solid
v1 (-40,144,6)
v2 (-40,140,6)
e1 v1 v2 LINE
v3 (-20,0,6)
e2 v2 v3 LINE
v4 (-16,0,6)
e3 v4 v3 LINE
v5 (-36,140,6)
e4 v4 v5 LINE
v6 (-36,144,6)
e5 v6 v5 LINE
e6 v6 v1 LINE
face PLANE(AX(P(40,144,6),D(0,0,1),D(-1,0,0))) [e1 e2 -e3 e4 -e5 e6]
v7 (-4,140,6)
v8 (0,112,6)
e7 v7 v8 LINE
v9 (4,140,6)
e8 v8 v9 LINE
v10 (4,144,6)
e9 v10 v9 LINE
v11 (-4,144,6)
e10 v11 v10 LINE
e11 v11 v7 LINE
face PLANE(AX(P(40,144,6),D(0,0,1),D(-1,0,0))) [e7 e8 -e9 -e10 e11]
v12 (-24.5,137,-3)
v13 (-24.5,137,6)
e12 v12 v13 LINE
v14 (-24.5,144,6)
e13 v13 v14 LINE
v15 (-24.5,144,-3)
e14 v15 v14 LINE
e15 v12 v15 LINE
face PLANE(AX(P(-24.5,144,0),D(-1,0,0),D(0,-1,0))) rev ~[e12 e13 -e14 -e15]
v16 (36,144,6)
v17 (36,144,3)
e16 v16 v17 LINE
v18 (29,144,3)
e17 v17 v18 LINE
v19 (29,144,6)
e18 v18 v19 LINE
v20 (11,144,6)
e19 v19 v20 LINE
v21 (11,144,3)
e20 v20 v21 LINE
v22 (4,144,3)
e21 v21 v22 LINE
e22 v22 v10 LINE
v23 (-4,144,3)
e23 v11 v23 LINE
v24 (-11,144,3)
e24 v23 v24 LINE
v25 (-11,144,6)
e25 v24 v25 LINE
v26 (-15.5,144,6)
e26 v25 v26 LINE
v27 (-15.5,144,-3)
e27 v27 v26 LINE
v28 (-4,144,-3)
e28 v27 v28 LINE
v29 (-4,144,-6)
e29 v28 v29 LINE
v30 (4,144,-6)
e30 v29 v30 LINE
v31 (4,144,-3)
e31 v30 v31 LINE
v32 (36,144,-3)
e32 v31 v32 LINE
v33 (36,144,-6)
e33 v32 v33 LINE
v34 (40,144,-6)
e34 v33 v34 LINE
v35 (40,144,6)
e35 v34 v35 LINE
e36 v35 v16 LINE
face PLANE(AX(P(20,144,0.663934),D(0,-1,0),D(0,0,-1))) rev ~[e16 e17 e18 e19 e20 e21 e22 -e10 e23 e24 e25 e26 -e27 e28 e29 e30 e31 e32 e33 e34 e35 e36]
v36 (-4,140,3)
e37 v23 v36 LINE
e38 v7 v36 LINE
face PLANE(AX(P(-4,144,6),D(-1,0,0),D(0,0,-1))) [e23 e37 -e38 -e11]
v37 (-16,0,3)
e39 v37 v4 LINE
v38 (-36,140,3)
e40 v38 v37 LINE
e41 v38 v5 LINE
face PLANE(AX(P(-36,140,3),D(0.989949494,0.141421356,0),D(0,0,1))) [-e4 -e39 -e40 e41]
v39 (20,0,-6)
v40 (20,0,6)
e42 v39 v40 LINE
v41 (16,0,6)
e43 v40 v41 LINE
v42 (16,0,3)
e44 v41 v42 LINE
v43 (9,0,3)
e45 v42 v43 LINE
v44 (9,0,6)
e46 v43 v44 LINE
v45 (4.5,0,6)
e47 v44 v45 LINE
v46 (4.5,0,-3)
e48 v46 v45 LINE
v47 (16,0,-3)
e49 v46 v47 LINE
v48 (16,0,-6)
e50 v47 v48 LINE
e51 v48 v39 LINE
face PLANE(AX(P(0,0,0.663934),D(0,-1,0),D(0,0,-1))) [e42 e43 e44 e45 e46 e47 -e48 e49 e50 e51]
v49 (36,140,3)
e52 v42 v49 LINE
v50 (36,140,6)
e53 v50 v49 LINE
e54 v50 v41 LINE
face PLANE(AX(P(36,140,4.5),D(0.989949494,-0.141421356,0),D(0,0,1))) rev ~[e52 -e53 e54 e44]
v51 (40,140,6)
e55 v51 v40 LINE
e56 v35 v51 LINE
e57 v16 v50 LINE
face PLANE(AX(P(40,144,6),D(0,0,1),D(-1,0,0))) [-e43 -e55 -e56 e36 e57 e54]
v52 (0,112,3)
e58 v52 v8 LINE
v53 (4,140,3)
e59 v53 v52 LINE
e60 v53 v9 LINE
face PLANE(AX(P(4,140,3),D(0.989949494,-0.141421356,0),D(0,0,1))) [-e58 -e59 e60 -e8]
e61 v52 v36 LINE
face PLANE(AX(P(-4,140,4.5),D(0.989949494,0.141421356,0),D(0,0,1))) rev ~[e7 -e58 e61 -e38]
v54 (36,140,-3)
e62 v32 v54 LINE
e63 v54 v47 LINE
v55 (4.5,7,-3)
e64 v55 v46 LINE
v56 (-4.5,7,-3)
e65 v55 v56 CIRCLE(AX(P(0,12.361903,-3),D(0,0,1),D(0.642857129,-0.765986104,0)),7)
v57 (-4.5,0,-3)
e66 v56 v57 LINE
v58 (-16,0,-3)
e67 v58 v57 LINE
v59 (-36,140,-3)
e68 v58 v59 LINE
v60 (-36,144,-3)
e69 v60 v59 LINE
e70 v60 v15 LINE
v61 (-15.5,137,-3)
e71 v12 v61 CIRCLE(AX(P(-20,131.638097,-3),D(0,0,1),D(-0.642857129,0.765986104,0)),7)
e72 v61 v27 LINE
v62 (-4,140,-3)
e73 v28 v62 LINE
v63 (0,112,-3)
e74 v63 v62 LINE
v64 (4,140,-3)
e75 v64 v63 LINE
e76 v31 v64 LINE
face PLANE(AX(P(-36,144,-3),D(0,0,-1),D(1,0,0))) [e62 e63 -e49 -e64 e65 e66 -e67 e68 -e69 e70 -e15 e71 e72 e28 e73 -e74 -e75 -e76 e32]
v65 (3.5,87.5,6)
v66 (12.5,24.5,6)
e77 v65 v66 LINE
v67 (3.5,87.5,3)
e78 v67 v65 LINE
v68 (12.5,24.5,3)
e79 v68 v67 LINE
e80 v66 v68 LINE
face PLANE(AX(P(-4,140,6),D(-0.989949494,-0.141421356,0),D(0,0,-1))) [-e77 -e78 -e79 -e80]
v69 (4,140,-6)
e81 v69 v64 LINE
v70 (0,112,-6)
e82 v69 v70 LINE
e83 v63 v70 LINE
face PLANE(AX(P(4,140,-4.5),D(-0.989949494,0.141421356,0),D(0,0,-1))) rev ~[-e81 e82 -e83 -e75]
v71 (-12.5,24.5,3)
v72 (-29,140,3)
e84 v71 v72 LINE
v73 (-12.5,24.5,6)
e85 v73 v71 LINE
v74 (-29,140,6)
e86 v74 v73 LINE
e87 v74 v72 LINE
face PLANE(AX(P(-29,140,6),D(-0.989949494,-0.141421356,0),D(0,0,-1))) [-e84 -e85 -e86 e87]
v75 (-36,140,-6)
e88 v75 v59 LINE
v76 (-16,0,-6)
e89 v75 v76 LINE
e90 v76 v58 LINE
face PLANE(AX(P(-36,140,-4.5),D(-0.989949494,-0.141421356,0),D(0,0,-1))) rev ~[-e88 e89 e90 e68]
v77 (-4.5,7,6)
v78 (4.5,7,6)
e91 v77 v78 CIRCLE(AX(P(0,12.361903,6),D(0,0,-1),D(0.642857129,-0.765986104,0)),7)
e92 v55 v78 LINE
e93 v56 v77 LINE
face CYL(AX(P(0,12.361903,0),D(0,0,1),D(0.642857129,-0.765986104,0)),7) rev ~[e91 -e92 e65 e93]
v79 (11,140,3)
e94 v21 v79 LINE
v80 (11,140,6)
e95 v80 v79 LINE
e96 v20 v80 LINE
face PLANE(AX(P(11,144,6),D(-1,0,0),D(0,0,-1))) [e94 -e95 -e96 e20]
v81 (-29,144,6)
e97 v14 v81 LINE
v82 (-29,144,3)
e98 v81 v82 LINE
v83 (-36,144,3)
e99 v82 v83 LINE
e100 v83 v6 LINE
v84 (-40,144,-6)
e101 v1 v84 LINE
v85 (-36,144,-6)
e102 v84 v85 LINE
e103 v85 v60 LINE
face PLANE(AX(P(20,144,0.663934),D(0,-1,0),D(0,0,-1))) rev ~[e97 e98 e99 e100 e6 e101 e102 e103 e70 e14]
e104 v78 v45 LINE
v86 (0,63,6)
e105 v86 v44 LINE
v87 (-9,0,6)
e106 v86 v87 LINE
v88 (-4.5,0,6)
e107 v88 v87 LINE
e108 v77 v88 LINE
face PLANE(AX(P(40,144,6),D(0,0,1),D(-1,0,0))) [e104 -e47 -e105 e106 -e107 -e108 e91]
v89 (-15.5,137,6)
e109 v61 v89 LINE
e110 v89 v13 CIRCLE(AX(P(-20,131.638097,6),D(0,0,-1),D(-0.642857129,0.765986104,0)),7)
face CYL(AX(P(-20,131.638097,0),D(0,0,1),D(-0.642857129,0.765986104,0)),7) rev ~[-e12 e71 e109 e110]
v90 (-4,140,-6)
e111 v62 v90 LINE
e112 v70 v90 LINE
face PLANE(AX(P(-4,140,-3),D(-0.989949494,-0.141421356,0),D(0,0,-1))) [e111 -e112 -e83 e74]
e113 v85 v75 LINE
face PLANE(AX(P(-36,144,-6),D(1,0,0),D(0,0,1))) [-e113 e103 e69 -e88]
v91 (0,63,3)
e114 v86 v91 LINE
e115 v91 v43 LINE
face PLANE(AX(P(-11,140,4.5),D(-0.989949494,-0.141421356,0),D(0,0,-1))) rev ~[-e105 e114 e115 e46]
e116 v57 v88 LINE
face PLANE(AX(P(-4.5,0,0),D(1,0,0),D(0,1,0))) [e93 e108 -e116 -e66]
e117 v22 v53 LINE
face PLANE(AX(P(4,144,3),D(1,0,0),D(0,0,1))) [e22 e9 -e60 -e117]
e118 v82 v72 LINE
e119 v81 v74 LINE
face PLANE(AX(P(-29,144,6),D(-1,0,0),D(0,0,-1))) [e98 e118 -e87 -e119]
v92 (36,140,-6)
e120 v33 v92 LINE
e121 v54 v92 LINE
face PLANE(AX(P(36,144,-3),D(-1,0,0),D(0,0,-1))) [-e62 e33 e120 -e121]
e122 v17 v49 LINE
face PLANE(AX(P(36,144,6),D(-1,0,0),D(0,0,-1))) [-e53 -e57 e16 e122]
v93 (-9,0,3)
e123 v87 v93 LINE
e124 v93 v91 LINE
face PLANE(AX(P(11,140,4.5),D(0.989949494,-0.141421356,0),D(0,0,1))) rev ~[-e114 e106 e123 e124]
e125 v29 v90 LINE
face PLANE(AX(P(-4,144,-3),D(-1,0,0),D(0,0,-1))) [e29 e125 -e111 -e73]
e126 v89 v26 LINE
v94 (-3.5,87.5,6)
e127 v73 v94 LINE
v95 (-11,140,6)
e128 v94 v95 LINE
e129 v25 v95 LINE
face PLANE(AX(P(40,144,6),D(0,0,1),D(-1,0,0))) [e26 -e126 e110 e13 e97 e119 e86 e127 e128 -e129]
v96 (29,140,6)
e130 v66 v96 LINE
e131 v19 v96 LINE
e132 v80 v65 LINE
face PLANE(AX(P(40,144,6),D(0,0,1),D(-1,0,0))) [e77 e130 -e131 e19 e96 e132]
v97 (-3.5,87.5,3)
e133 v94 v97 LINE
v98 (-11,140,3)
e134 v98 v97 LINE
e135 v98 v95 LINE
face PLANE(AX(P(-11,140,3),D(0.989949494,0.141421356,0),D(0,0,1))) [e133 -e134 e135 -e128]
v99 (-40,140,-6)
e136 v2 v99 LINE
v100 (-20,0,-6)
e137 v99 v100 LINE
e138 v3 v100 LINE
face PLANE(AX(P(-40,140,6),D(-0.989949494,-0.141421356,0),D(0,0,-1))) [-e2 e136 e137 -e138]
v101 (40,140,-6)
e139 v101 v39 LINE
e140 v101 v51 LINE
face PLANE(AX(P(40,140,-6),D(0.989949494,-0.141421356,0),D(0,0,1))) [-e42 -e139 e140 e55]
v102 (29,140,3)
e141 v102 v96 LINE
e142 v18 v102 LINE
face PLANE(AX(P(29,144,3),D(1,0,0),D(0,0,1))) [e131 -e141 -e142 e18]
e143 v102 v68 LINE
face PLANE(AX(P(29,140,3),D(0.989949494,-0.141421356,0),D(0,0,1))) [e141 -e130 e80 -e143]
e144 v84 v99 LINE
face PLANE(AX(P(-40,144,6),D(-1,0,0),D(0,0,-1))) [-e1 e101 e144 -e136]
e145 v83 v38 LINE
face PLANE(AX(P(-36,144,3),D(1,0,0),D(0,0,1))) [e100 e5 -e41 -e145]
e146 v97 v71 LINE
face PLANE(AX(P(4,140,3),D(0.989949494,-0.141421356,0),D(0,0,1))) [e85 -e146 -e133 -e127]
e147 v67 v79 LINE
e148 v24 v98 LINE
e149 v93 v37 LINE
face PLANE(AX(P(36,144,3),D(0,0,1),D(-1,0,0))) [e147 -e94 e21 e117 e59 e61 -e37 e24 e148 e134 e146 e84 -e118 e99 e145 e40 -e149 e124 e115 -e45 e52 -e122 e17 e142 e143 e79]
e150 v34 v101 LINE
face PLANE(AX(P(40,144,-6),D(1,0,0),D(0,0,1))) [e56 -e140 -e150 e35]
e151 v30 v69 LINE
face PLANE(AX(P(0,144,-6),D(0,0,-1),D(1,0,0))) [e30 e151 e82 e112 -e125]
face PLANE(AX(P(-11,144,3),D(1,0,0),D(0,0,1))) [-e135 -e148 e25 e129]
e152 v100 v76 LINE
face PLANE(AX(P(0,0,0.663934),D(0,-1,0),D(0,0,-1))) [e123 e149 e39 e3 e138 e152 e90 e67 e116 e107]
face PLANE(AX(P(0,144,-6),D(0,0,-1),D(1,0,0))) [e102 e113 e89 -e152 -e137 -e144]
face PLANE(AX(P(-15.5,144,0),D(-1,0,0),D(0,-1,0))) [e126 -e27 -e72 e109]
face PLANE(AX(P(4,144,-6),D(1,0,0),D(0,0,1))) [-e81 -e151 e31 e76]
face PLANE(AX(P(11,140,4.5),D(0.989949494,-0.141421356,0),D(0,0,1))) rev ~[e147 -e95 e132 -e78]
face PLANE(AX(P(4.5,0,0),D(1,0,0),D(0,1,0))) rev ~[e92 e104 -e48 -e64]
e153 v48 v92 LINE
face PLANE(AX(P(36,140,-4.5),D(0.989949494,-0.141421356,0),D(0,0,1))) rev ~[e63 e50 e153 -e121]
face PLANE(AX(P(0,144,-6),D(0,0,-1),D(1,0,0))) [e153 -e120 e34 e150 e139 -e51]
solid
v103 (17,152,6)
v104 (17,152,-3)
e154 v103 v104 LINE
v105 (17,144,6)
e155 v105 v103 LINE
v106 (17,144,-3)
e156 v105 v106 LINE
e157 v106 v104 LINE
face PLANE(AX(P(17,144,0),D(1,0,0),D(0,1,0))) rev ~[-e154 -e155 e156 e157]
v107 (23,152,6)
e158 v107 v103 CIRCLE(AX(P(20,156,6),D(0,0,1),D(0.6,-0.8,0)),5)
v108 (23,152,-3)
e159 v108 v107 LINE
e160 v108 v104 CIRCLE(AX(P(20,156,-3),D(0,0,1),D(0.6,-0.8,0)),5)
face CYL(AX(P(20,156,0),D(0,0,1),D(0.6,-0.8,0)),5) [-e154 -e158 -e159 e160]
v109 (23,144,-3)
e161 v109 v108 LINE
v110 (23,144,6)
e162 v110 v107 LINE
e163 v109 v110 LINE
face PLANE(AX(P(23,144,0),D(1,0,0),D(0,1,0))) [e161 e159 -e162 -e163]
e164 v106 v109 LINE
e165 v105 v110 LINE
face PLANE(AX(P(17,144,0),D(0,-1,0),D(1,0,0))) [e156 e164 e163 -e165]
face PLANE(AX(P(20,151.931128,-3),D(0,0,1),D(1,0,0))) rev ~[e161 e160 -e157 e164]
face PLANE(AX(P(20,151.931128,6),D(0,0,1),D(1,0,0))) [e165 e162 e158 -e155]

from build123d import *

# Parameters (mm, degrees)
SKETCH004_W          = 32
SKETCH004_H          = 3
SKETCH005_W          = 7
SKETCH005_H          = 3
SKETCH006_W          = 7
SKETCH006_H          = 3
POCKET_DEPTH         = 6.001
POCKET_DEPTH_BACK    = -6.001
POCKET001_DEPTH      = 6.001
POCKET001_DEPTH_BACK = -6.001
PAD002_DEPTH         = 6
PAD002_DEPTH_BACK    = 3


with BuildPart() as body:
    # AdditivePipe: sweep along a path in Sketch
    with BuildLine(Plane.XY) as additivepipe_path:
        Line((-20, 144), (-20, 140))
        Line((-20, 140), (0, 0))
    # Sketch002 → AdditivePipe (sweep)
    with BuildSketch(Plane.XZ):
        Polygon((-20, 6), (-20, -6), (-16, -6), (-16, -3), (-9, -3), (9, -3), (16, -3), (16, -6), (20, -6), (20, 6), (16, 6), (16, 3), (9, 3), (9, 6), (-9, 6), (-9, 3), (-16, 3), (-16, 6), align=None)
    sweep(path=additivepipe_path.line)

    # AdditivePipe001: sweep along a path in Sketch001
    with BuildLine(Plane.XY) as additivepipe001_path:
        Line((20, 144), (20, 140))
        Line((20, 140), (0, 0))
    # Sketch002 → AdditivePipe001 (sweep)
    with BuildSketch(Plane.XZ):
        Polygon((-20, 6), (-20, -6), (-16, -6), (-16, -3), (-9, -3), (9, -3), (16, -3), (16, -6), (20, -6), (20, 6), (16, 6), (16, 3), (9, 3), (9, 6), (-9, 6), (-9, 3), (-16, 3), (-16, 6), align=None)
    sweep(path=additivepipe001_path.line)

    # SubtractivePipe: sweep along a path in Sketch
    with BuildLine(Plane.XY) as subtractivepipe_path:
        Line((-20, 144), (-20, 140))
        Line((-20, 140), (0, 0))
    # Sketch004 → SubtractivePipe (sweep, cut)
    with BuildSketch(Plane.XZ):
        with Locations((0, -4.5)):
            Rectangle(SKETCH004_W, SKETCH004_H)
    sweep(path=subtractivepipe_path.line, mode=Mode.SUBTRACT)

    # SubtractivePipe001: sweep along a path in Sketch001
    with BuildLine(Plane.XY) as subtractivepipe001_path:
        Line((20, 144), (20, 140))
        Line((20, 140), (0, 0))
    # Sketch004 → SubtractivePipe001 (sweep, cut)
    with BuildSketch(Plane.XZ):
        with Locations((0, -4.5)):
            Rectangle(SKETCH004_W, SKETCH004_H)
    sweep(path=subtractivepipe001_path.line, mode=Mode.SUBTRACT)

    # SubtractivePipe002: sweep along a path in Sketch
    with BuildLine(Plane.XY) as subtractivepipe002_path:
        Line((-20, 144), (-20, 140))
        Line((-20, 140), (0, 0))
    # Sketch005 → SubtractivePipe002 (sweep, cut)
    with BuildSketch(Plane.XZ):
        with Locations((-12.5, 4.5)):
            Rectangle(SKETCH005_W, SKETCH005_H)
    sweep(path=subtractivepipe002_path.line, mode=Mode.SUBTRACT)

    # SubtractivePipe003: sweep along a path in Sketch001
    with BuildLine(Plane.XY) as subtractivepipe003_path:
        Line((20, 144), (20, 140))
        Line((20, 140), (0, 0))
    # Sketch005 → SubtractivePipe003 (sweep, cut)
    with BuildSketch(Plane.XZ):
        with Locations((-12.5, 4.5)):
            Rectangle(SKETCH005_W, SKETCH005_H)
    sweep(path=subtractivepipe003_path.line, mode=Mode.SUBTRACT)

    # SubtractivePipe004: sweep along a path in Sketch
    with BuildLine(Plane.XY) as subtractivepipe004_path:
        Line((-20, 144), (-20, 140))
        Line((-20, 140), (0, 0))
    # Sketch006 → SubtractivePipe004 (sweep, cut)
    with BuildSketch(Plane.XZ):
        with Locations((12.5, 4.5)):
            Rectangle(SKETCH006_W, SKETCH006_H)
    sweep(path=subtractivepipe004_path.line, mode=Mode.SUBTRACT)

    # SubtractivePipe005: sweep along a path in Sketch001
    with BuildLine(Plane.XY) as subtractivepipe005_path:
        Line((20, 144), (20, 140))
        Line((20, 140), (0, 0))
    # Sketch006 → SubtractivePipe005 (sweep, cut)
    with BuildSketch(Plane.XZ):
        with Locations((12.5, 4.5)):
            Rectangle(SKETCH006_W, SKETCH006_H)
    sweep(path=subtractivepipe005_path.line, mode=Mode.SUBTRACT)

    # Sketch003 → Pocket (cut, two sides)
    with BuildSketch(Plane.XY) as pocket_sk:
        with BuildLine():
            Line((-4.5, 0), (4.5, 0))
            Line((4.5, 0), (4.5, 7))
            ThreePointArc((4.5, 7), (0, 19.361903), (-4.5, 7))
            Line((-4.5, 0), (-4.5, 7))
        make_face()
    extrude(amount=-POCKET_DEPTH, mode=Mode.SUBTRACT)
    extrude(pocket_sk.sketch, amount=-POCKET_DEPTH_BACK, mode=Mode.SUBTRACT)

    # Sketch007 → Pocket001 (cut, two sides)
    with BuildSketch(Plane.XY) as pocket001_sk:
        with BuildLine():
            Line((-24.5, 144), (-15.5, 144))
            Line((-15.5, 144), (-15.5, 137))
            ThreePointArc((-24.5, 137), (-20, 124.638097), (-15.5, 137))
            Line((-24.5, 144), (-24.5, 137))
        make_face()
    extrude(amount=-POCKET001_DEPTH, mode=Mode.SUBTRACT)
    extrude(pocket001_sk.sketch, amount=-POCKET001_DEPTH_BACK, mode=Mode.SUBTRACT)


with BuildPart() as male3:
    # Sketch011 → Pad002 (new body, two sides)
    with BuildSketch(Plane.XY) as pad002_sk:
        with BuildLine():
            Line((17, 144), (23, 144))
            Line((23, 144), (23, 152))
            ThreePointArc((23, 152), (20, 161), (17, 152))
            Line((17, 144), (17, 152))
        make_face()
    extrude(amount=PAD002_DEPTH)
    extrude(pad002_sk.sketch, amount=-PAD002_DEPTH_BACK)


solid = Compound([body.part, male3.part])
